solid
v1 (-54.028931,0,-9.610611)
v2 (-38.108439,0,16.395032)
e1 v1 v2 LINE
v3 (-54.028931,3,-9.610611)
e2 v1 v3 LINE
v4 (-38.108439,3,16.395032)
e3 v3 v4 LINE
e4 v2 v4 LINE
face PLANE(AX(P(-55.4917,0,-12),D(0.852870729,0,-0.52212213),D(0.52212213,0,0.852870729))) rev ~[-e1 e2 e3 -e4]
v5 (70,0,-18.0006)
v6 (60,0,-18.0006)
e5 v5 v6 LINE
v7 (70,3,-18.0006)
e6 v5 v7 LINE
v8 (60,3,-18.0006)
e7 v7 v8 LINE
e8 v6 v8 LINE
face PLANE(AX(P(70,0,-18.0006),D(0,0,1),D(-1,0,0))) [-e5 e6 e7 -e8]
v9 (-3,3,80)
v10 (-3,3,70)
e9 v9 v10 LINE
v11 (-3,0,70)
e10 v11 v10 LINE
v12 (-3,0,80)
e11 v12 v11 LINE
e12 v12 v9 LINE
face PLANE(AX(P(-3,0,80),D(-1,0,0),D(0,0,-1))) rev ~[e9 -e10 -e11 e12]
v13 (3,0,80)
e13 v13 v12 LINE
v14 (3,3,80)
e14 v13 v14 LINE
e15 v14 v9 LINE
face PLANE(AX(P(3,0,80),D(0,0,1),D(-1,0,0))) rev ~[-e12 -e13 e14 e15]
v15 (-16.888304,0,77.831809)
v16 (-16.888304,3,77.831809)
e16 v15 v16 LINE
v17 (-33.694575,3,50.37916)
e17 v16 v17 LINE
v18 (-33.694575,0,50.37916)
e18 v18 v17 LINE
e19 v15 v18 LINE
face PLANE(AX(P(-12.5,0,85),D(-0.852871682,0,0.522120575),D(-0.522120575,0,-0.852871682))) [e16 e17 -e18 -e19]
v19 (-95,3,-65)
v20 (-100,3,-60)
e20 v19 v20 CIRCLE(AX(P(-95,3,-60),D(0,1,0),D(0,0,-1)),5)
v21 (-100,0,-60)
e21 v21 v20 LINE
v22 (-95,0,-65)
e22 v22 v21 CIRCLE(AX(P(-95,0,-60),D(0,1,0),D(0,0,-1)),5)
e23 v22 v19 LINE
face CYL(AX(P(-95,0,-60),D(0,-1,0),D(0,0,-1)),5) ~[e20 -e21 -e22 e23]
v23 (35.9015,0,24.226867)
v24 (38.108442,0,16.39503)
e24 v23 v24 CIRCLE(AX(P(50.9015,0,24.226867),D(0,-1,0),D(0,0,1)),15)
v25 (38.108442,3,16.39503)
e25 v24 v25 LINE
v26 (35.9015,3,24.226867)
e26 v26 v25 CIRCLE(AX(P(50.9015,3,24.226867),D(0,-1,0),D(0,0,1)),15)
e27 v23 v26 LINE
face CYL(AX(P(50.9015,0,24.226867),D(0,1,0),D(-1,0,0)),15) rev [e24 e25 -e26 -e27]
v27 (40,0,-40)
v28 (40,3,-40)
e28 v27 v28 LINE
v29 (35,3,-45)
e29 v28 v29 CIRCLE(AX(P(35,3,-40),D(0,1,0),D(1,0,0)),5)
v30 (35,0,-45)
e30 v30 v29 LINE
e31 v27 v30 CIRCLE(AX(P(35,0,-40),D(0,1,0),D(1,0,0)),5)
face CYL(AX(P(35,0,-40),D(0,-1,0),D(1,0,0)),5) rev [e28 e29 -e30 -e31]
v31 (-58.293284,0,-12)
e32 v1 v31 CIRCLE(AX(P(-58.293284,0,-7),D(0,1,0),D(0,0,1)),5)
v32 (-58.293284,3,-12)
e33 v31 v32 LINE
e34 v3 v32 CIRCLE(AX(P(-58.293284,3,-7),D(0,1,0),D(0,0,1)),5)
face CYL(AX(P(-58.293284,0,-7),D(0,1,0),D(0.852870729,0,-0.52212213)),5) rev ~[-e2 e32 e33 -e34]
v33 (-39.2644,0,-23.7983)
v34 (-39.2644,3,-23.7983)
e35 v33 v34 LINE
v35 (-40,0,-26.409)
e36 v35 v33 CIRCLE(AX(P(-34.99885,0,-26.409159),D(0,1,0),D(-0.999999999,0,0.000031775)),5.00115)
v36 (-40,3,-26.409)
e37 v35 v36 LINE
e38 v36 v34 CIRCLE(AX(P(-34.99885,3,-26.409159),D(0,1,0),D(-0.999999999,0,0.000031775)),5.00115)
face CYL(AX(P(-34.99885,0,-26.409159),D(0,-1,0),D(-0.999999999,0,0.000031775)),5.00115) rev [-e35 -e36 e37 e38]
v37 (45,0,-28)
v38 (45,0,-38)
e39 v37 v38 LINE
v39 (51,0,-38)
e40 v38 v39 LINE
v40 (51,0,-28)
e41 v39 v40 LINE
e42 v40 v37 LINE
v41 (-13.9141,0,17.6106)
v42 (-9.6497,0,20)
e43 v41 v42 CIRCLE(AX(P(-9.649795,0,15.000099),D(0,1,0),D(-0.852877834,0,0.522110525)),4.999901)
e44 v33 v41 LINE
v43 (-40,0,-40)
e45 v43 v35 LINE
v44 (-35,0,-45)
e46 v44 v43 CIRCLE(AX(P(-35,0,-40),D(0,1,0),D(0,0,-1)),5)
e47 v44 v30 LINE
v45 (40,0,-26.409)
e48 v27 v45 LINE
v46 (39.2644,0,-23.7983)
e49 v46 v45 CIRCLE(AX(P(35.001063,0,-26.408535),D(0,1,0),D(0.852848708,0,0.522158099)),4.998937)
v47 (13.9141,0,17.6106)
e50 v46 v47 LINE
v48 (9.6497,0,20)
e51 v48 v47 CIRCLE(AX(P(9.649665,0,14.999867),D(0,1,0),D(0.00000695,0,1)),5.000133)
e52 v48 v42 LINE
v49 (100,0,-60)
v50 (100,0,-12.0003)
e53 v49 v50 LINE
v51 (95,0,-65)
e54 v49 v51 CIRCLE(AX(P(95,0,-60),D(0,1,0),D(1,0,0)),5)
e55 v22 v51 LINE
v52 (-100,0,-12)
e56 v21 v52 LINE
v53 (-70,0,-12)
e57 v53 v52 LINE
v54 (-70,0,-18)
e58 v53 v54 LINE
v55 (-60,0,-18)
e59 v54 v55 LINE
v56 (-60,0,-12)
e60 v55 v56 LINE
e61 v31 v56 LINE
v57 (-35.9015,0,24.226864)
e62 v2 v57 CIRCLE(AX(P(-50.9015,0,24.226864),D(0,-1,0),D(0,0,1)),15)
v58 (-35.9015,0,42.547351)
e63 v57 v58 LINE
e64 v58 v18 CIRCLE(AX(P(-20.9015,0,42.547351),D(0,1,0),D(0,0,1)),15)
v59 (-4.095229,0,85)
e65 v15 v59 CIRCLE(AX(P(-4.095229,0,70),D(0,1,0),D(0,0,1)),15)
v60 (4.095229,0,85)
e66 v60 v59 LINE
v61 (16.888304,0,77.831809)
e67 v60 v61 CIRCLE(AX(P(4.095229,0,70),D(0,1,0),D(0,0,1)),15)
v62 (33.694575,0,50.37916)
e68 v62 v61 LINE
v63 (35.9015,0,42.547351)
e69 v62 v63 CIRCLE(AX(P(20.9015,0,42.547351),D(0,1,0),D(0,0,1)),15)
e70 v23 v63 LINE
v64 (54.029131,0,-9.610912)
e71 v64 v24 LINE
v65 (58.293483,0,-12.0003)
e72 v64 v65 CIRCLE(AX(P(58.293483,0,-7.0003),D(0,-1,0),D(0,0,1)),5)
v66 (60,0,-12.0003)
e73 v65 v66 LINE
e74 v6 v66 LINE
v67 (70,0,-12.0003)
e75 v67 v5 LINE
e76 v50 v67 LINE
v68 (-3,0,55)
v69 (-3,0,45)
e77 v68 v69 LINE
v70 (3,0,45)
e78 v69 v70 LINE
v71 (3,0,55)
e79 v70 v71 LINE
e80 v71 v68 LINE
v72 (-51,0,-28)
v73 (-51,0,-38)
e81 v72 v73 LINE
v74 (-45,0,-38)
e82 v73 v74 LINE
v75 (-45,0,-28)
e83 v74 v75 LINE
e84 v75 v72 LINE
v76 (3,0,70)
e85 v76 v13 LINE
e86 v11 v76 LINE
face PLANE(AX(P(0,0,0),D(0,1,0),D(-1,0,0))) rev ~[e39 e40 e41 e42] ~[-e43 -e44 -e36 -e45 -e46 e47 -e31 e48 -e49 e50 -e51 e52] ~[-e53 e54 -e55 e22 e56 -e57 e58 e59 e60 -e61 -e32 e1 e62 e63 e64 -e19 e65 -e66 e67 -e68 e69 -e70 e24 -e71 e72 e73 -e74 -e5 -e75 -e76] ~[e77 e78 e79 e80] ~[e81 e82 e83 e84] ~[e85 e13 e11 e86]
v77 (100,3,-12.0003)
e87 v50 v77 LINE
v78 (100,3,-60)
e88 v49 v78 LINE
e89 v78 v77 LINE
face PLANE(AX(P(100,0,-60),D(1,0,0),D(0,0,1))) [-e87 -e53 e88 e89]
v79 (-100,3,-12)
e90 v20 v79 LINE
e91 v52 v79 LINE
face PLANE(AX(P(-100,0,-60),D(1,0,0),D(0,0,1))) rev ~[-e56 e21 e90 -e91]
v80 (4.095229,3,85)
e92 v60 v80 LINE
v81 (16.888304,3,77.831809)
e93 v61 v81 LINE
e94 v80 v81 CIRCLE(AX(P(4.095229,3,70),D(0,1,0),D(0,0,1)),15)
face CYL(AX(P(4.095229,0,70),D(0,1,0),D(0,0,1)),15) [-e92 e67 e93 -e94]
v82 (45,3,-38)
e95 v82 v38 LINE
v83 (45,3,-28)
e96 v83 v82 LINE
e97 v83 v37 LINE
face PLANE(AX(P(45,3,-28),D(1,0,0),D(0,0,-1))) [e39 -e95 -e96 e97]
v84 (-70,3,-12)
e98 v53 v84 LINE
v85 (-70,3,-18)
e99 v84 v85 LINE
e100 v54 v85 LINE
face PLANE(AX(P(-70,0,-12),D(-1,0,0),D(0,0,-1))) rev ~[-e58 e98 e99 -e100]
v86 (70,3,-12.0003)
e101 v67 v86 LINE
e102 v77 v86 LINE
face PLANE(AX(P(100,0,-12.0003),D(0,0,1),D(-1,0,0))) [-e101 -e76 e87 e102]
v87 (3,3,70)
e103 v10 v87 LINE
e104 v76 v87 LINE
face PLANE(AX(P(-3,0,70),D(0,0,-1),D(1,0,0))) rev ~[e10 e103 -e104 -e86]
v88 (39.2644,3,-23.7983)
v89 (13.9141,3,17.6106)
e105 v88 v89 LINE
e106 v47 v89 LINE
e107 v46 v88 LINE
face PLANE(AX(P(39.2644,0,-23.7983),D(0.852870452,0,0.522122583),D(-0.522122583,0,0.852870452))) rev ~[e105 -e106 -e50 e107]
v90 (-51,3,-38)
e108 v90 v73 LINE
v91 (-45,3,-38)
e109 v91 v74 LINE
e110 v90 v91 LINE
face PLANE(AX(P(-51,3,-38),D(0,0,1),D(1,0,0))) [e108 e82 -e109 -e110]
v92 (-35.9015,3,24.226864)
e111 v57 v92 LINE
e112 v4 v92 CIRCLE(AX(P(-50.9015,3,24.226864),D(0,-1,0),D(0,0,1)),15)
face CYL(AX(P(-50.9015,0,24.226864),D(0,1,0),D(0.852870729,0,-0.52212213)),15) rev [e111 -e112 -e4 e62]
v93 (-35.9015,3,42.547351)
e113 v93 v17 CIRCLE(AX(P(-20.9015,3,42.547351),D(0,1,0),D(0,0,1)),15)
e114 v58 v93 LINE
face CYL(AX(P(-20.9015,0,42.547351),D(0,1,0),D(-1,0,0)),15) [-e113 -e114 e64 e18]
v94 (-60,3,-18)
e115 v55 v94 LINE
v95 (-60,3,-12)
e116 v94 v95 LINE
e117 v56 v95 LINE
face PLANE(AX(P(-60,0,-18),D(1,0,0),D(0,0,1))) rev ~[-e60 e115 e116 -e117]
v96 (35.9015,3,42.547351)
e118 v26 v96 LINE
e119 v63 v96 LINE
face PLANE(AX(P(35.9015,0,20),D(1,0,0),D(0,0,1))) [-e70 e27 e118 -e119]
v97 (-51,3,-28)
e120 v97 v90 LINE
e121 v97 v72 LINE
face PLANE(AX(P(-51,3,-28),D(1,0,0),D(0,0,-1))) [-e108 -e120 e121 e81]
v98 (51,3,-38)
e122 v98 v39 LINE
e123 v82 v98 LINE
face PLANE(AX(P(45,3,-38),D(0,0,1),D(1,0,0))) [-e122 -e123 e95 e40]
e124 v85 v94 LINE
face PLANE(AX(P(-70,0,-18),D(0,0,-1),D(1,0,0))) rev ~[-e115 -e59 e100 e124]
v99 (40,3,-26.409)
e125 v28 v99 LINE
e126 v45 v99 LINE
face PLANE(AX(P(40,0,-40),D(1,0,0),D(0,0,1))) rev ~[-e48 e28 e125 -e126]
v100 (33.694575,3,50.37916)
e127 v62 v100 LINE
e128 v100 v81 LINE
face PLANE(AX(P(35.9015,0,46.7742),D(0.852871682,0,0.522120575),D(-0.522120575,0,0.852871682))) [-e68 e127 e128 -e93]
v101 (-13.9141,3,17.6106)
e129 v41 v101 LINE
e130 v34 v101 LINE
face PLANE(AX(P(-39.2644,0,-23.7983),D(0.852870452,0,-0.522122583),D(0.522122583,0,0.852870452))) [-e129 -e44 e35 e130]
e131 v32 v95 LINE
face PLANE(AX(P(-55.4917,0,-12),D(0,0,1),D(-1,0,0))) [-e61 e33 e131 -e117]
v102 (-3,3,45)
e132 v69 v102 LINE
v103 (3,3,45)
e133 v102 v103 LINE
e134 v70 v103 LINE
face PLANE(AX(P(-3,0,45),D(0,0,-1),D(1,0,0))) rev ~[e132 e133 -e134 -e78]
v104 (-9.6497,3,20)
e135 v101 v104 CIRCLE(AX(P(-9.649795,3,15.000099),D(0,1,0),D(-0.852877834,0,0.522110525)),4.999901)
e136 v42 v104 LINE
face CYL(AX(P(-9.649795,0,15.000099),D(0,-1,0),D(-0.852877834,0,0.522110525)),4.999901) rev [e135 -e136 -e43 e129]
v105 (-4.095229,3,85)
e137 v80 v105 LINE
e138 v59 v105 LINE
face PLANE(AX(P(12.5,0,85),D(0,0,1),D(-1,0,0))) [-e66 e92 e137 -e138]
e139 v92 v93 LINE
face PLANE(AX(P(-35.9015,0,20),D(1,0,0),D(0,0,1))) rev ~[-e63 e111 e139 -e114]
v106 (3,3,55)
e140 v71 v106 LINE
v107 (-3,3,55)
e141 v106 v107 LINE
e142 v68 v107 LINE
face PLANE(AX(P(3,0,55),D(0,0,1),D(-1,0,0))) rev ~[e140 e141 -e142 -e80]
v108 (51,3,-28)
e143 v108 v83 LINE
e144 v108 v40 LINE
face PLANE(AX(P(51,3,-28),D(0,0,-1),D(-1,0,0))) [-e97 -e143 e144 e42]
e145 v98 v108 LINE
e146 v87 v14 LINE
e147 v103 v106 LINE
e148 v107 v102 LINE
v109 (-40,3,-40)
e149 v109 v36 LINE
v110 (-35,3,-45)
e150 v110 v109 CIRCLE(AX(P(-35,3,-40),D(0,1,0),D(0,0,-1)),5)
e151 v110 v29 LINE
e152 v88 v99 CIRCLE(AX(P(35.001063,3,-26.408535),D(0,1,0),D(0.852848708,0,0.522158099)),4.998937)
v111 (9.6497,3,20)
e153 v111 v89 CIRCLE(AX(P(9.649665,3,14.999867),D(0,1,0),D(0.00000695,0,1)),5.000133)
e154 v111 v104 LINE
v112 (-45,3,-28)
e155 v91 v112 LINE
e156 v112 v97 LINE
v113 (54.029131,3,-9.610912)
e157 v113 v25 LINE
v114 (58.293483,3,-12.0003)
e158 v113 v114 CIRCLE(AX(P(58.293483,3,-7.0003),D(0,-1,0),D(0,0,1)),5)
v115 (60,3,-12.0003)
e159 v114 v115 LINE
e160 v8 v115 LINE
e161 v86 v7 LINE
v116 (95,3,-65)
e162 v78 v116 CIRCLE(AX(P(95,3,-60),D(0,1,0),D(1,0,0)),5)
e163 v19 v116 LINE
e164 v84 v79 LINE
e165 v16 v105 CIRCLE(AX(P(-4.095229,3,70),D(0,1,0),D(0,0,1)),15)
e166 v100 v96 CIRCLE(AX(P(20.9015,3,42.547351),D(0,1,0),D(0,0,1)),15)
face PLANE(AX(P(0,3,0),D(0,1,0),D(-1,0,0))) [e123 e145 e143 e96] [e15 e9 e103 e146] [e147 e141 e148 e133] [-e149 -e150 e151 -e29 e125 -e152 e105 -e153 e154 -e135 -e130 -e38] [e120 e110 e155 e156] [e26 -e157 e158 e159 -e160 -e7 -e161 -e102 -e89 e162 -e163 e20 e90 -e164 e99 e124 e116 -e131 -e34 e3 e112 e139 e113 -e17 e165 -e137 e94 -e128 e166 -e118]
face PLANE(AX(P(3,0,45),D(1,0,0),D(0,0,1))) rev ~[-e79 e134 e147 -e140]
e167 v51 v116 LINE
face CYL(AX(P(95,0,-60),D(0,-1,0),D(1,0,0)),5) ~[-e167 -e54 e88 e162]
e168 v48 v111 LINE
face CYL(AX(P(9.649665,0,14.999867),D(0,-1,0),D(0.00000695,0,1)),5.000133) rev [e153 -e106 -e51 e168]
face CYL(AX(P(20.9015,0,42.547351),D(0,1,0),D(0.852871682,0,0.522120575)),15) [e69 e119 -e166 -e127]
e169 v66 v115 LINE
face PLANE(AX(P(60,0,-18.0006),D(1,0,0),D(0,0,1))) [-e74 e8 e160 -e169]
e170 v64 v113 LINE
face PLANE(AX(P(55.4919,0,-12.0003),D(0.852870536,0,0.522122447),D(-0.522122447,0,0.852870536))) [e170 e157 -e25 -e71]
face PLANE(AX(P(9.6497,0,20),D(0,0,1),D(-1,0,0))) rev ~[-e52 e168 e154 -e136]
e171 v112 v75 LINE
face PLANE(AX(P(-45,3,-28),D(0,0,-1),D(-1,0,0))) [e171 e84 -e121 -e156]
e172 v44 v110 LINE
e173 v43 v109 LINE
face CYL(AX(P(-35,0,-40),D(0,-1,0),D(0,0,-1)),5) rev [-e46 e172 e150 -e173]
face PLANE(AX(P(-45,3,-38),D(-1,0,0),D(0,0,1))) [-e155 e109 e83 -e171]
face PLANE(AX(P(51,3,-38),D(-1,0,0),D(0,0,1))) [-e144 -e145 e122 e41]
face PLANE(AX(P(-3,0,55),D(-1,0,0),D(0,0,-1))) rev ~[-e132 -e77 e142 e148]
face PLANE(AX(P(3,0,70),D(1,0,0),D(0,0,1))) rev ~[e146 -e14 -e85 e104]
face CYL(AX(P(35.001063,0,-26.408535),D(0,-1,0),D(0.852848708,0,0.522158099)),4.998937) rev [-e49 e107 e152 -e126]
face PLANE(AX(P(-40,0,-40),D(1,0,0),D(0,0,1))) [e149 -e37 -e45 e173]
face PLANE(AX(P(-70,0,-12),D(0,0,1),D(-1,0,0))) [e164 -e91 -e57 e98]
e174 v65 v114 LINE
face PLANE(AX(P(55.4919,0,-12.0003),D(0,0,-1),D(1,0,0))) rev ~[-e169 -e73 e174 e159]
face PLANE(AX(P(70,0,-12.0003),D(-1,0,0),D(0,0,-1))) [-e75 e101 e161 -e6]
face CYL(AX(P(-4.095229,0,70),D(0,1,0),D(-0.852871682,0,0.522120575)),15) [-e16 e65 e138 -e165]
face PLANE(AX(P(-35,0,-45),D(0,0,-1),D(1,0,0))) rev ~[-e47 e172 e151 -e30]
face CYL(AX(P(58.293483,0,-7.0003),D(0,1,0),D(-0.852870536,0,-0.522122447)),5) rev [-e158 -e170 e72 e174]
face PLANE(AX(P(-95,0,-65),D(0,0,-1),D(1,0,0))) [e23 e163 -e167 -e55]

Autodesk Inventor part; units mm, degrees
ref_plane "YZ Plane" through (0, 0, 0) normal (1, 0, 0) x (0, 1, 0)
ref_plane "XZ Plane" through (0, 0, 0) normal (0, 1, 0) x (-1, 0, 0)
ref_plane "XY Plane" through (0, 0, 0) normal (0, 0, 1) x (1, 0, 0)
sketch "Sketch2" plane through (0, 0, 0) normal (0, 1, 0) x (-1, 0, 0)
  line L0 (70, -18) -> (60, -18)
  line L1 (60, -18) -> (60, -12)
  line L2 (70, -12) -> (70, -18)
  line L3 (-70, -18.0006) -> (-60, -18.0006)
  line L4 (-60, -18.0006) -> (-60, -12.0003)
  line L5 (-70, -12.0003) -> (-70, -18.0006)
  line L6 (3, 70) -> (-3, 70)
  line L7 (-3, 70) -> (-3, 80)
  line L8 (-3, 80) -> (3, 80)
  line L9 (3, 80) -> (3, 70)
  line L10 (3, 45) -> (-3, 45)
  line L11 (-3, 45) -> (-3, 55)
  line L12 (-3, 55) -> (3, 55)
  line L13 (3, 55) -> (3, 45)
  line L14 (95, -65) -> (-95, -65)
  line L15 (-12.5, 85) -> (12.5, 85)
  line L16 (12.5, 85) -> (35.9015, 46.7742)
  line L17 (-100, -12.0003) -> (-70, -12.0003)
  line L18 (-55.4919, -12.0003) -> (-60, -12.0003)
  line L19 (55.4917, -12) -> (60, -12)
  line L20 (70, -12) -> (100, -12)
  line L21 (-100, -60) -> (-100, -12.0003)
  line L22 (100, -60) -> (100, -12)
  line L23 (35, -45) -> (-35, -45)
  line L24 (-40, -40) -> (-40, -26.409)
  line L25 (-39.2644, -23.7983) -> (-13.9141, 17.6106)
  line L26 (-9.6497, 20) -> (9.6497, 20)
  line L27 (40, -40) -> (40, -26.409)
  line L28 (39.2644, -23.7983) -> (13.9141, 17.6106)
  arc A0 (-40, -40) -> (-35, -45) centre (-35, -40) ccw
  arc A1 (-39.2644, -23.7983) -> (-40, -26.409) centre (-35, -26.409) ccw
  arc A2 (-9.6497, 20) -> (-13.9141, 17.6106) centre (-9.6497, 15) ccw
  arc A3 (13.9141, 17.6106) -> (9.6497, 20) centre (9.6497, 15) ccw
  arc A4 (40, -26.409) -> (39.2644, -23.7983) centre (35, -26.409) ccw
  arc A5 (35, -45) -> (40, -40) centre (35, -40) ccw
  line L29 (55.4917, -12) -> (35.9015, 20)
  line L30 (35.9015, 20) -> (35.9015, 46.7742)
  line L31 (-55.4919, -12.0003) -> (-35.9015, 20)
  line L32 (-35.9015, 20) -> (-35.9015, 46.7742)
  line L33 (-35.9015, 46.7742) -> (-12.5, 85)
  line L34 (0, -65) -> (0, 85) construction
  arc A6 (95, -65) -> (100, -60) centre (95, -60) ccw
  arc A7 (-100, -60) -> (-95, -65) centre (-95, -60) ccw
  point P0 (100, -65)
  point P1 (-100, -65)
  point P2 (0, 0)
  point P3 (0, 80)
  point P4 (0, 45)
  point P5 (0, 55)
  point P6 (0, 0)
  point P7 (0, 0)
  point P8 (-70, -15.4178)
  point P9 (75.3708, -12)
  point P10 (0, 0)
  point P11 (-40, -45)
  point P12 (40, -45)
  point P13 (-40, -25)
  point P14 (-12.4513, 20)
  point P15 (12.4513, 20)
  point P16 (40, -25)
  point P17 (0, 20)
  point P18 (0, -45)
  dimension "d65" = 200
  dimension "d115" = 10
  dimension "d116" = 6
  dimension "d118" = 10
  dimension "d119" = 6
  dimension "d120" = 15
  dimension "d147" = 65
  dimension "d173" = 25
  dimension "d187" = 100
  dimension "d191" = 30
  dimension "d192" = 30
  dimension "d194" = 6.0003
  dimension "d195" = 6
  dimension "d196" = 10
  dimension "d197" = 10
  dimension "d198" = 52.9997
  dimension "d199" = 53
  dimension "d204" = 150
  dimension "d213" = 20
  dimension "d214" = 20
  dimension "d218" = 65
  dimension "d219" = 40
  dimension "d220" = 5
  dimension "d233" = 148.525
  dimension "d235" = 5
  dimension "d236" = 20
  dimension "d249" = 5
extrude "Extrusion11" add sketch "Sketch2" along normal blind 3
sketch "Sketch4" plane through (0, 3, 0) normal (0, 1, 0) x (1, 0, 0)
  line L0 (-51, 38) -> (-45, 38)
  line L1 (-45, 38) -> (-45, 28)
  line L2 (-45, 28) -> (-51, 28)
  line L3 (-51, 28) -> (-51, 38)
  line L4 (95, 65) -> (-95, 65) projected
  line L5 (-40, 40) -> (-40, 26.409) projected
  line L6 (45, 38) -> (51, 38)
  line L7 (51, 38) -> (51, 28)
  line L8 (51, 28) -> (45, 28)
  line L9 (45, 28) -> (45, 38)
  line L10 (40, 40) -> (40, 26.409) projected
  point P0 (0, 0)
  point P1 (100, 65)
  point P2 (-100, 65)
  dimension "d237" = 6
  dimension "d238" = 27
  dimension "d239" = 10
  dimension "d240" = 5
  dimension "d241" = 6
  dimension "d242" = 10
  dimension "d243" = 5
  dimension "d244" = 27
extrude "Extrusion13" cut sketch "Sketch4" against normal through all
fillet "Fillet1" radius 15 6 edges at (12.5, 1.5, 85) (-12.5, 1.5, 85) (-35.9015, 1.5, 46.7742) (35.9015, 1.5, 46.7742) (35.9015, 1.5, 20) (-35.9015, 1.5, 20)
fillet "Fillet2" radius 5 2 edges at (55.4919, 1.5, -12.0003) (-55.4917, 1.5, -12)
properties part number "Top Plate 27100914"
